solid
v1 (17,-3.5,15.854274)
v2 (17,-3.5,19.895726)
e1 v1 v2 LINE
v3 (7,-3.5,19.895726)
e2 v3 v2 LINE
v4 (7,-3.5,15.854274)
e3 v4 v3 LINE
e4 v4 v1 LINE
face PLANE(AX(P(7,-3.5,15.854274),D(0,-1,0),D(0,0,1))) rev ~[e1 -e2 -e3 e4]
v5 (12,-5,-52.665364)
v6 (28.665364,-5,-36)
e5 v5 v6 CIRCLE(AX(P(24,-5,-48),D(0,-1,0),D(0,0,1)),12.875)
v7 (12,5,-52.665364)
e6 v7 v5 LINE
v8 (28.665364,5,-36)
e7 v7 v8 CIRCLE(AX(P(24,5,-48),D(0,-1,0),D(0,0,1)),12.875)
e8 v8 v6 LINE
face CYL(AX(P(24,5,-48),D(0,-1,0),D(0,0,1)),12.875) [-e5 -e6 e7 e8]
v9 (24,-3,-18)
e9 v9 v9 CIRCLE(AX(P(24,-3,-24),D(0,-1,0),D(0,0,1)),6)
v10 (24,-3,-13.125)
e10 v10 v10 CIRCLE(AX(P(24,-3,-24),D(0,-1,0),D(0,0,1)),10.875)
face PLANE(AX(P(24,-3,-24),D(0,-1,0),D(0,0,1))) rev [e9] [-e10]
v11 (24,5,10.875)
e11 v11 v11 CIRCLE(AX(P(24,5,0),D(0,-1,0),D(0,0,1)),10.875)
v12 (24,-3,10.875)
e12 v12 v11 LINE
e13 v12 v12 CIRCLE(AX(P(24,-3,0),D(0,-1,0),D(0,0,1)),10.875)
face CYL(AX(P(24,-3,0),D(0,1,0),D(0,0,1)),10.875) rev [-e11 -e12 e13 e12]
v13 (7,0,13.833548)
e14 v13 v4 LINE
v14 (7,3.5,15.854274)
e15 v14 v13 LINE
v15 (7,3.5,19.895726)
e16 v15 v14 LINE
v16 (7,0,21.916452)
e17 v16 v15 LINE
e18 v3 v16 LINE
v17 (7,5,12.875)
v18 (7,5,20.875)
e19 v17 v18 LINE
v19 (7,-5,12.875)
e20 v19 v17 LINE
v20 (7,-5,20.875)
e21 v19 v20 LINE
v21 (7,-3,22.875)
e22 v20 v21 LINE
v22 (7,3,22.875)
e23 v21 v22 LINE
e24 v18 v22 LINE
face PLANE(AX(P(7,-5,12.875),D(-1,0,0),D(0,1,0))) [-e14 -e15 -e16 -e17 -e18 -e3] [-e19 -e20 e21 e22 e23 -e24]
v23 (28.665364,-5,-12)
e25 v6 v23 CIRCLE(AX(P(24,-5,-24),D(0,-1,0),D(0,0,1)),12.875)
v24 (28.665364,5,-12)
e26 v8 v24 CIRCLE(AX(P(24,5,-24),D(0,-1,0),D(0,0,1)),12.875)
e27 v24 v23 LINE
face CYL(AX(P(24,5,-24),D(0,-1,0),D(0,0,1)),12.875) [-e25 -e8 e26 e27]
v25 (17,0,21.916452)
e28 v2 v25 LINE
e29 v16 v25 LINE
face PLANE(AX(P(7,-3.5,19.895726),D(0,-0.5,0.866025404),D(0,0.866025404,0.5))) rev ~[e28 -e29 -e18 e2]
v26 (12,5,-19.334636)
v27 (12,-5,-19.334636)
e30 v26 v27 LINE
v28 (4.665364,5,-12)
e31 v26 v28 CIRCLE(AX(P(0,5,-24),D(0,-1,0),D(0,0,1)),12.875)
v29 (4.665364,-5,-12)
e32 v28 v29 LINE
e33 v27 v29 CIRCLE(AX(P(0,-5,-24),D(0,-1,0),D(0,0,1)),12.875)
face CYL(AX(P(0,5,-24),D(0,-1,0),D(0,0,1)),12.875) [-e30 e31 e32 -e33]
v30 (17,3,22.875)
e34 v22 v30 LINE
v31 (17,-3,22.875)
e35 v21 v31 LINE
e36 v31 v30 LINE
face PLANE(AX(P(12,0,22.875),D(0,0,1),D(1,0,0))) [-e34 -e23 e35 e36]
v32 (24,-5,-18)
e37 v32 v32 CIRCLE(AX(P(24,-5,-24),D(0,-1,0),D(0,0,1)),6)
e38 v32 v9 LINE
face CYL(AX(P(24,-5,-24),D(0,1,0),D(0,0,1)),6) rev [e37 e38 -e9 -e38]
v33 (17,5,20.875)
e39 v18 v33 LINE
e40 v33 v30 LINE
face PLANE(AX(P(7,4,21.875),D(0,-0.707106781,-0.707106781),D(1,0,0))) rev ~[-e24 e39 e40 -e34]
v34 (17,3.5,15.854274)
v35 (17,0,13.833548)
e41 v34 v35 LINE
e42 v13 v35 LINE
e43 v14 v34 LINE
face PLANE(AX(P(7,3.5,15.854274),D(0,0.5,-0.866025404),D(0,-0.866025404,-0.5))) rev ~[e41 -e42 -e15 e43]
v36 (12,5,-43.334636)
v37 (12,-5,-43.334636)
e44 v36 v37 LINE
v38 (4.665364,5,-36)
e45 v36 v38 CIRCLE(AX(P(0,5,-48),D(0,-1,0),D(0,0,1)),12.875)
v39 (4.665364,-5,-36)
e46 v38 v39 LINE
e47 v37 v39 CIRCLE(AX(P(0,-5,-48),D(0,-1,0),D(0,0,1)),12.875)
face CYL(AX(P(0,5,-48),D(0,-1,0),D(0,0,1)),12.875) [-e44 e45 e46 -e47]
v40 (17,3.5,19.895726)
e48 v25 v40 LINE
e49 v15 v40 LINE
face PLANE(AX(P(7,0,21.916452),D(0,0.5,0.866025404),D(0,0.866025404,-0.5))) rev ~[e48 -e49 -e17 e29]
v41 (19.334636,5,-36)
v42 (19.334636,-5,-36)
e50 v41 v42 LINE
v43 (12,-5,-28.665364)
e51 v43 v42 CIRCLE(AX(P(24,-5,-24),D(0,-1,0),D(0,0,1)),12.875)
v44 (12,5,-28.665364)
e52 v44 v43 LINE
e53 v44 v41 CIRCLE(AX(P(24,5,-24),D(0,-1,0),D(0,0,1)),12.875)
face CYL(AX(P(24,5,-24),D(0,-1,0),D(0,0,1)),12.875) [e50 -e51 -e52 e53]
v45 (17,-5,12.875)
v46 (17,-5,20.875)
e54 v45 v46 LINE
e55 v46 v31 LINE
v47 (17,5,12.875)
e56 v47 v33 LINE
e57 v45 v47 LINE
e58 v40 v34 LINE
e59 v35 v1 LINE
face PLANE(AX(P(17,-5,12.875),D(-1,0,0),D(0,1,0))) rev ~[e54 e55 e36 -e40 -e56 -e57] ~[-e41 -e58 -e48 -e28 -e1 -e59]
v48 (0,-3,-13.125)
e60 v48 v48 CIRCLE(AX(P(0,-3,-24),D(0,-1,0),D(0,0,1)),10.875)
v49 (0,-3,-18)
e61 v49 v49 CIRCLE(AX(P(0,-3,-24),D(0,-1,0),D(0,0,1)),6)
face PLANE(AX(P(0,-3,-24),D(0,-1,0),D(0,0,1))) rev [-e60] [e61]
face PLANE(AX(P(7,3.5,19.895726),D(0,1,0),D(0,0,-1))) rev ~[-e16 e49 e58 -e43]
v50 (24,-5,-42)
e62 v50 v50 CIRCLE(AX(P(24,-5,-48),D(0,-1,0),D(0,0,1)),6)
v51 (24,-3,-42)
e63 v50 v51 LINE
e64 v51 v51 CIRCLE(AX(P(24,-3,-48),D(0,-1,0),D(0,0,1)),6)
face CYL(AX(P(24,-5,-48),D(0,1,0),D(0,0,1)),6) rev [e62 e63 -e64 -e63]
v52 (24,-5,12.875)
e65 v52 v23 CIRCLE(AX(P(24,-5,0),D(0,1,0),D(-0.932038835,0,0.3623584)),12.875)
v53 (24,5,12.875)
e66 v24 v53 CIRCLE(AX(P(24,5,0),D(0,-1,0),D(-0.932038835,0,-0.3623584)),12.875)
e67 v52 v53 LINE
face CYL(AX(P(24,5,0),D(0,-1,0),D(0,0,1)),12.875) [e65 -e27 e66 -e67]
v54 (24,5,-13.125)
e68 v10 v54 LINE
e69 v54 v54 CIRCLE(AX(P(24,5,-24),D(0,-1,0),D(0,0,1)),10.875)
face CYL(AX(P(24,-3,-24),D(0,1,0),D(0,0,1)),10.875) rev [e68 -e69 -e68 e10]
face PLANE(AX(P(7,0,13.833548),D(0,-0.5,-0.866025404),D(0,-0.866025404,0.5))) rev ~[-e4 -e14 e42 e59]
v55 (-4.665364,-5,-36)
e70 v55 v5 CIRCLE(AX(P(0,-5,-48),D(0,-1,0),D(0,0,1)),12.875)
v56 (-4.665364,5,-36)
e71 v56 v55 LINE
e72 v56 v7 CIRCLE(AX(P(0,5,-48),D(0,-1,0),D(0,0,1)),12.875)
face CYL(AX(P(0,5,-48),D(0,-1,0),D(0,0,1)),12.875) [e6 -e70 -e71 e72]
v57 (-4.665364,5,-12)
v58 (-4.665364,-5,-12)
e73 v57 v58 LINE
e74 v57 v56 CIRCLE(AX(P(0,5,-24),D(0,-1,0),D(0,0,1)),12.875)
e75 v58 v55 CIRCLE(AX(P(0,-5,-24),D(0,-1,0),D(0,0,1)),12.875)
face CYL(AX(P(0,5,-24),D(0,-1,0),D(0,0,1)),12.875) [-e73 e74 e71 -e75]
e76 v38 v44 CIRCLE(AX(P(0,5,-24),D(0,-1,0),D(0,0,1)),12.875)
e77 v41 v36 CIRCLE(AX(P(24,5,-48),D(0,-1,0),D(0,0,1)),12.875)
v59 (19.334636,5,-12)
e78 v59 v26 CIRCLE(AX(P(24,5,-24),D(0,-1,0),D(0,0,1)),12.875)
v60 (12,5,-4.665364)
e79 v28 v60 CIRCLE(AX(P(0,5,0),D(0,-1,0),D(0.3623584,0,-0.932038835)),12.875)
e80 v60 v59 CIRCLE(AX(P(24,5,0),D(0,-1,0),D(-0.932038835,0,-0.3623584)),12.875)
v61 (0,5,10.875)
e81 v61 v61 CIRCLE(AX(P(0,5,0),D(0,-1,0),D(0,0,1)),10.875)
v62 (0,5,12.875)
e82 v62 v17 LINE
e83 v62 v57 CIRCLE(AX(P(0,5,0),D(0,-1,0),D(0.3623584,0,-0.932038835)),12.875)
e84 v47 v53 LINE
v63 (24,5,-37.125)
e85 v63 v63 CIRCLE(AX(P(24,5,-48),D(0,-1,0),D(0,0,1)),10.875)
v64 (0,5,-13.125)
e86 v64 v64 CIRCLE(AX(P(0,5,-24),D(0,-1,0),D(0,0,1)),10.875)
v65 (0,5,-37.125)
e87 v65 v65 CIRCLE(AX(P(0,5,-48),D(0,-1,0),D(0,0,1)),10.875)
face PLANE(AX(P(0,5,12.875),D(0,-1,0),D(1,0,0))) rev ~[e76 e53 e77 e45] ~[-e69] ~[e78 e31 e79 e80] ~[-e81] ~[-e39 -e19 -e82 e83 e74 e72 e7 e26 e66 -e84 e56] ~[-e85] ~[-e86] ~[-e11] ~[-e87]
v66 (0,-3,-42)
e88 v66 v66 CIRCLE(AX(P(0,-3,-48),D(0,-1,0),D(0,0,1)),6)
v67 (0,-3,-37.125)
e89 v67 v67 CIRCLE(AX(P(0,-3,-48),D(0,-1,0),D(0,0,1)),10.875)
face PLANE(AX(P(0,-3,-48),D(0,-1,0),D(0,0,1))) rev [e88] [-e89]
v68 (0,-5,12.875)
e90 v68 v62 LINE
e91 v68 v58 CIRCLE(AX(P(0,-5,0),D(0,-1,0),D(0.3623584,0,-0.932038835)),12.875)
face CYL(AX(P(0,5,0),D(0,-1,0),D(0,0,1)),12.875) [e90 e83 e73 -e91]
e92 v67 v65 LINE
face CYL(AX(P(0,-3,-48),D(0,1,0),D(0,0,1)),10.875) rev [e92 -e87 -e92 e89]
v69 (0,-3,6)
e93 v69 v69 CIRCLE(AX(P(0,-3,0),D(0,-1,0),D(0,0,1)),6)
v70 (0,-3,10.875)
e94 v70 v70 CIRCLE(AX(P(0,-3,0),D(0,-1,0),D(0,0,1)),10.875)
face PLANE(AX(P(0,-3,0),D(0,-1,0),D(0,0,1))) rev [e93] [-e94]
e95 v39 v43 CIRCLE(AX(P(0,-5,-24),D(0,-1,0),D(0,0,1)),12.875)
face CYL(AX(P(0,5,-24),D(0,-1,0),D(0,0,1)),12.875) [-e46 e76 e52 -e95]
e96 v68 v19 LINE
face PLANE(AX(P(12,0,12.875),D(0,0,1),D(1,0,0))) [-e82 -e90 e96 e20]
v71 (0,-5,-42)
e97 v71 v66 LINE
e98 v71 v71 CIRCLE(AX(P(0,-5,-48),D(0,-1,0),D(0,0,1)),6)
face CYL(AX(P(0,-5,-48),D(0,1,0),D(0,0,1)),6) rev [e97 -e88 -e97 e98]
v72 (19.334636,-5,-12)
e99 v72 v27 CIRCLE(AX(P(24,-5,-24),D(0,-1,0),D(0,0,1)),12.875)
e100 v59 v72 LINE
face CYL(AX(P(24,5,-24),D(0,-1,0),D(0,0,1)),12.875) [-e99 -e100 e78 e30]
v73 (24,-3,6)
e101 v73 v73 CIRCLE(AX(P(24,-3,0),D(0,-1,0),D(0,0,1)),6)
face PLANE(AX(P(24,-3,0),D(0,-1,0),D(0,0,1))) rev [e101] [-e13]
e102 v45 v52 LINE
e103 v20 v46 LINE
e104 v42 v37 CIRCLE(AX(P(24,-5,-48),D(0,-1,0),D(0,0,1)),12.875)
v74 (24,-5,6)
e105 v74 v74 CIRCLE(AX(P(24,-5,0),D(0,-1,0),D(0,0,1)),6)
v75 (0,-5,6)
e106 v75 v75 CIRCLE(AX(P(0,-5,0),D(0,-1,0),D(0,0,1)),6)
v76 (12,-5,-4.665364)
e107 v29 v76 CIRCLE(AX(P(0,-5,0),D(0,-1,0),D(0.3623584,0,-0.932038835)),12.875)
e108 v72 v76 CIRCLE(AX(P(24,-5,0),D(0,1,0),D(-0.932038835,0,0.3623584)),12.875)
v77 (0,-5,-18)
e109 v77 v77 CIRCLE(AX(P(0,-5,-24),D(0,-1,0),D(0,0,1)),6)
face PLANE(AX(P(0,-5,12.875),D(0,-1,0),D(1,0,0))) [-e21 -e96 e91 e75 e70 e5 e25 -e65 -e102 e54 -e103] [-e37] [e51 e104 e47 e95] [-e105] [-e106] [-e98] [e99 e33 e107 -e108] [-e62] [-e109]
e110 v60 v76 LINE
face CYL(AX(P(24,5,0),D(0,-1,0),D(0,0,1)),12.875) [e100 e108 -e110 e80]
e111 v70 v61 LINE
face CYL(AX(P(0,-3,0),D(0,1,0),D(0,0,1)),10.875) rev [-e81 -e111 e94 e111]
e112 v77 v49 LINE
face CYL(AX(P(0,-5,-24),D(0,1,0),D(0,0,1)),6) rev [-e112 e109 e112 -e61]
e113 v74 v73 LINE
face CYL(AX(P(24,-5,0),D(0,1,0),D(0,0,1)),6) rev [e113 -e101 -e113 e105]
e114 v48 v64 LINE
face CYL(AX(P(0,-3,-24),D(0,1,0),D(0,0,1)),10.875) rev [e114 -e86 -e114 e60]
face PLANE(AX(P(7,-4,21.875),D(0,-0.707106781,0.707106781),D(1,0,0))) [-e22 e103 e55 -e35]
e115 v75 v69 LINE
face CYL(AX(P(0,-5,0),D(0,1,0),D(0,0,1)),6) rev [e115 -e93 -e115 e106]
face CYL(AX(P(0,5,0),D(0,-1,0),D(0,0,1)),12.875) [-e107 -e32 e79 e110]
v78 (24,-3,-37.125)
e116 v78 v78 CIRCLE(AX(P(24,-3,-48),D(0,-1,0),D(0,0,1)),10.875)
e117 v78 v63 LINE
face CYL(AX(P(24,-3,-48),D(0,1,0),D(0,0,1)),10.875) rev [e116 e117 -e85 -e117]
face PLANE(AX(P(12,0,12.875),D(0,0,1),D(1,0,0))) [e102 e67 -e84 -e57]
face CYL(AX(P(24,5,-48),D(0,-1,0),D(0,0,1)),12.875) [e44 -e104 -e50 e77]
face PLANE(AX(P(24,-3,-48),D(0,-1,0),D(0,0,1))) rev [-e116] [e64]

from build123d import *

# Parameters (mm, degrees)
LPATTERN1_COUNT     = 3
LPATTERN1_PITCH     = 24
LPATTERN2_COUNT     = 2
LPATTERN2_PITCH     = 24
BOSS_EXTRUDE1_REACH = 84.606
SKETCH4_W           = 24
SKETCH4_H           = 10
SKETCH5_W           = 10
SKETCH5_H           = 10
BOSS_EXTRUDE2_DEPTH = 10
CUT_EXTRUDE1_DEPTH  = 10
CHAMFER3_SIZE       = 2


with BuildPart() as part:
    # Sketch1 → Revolve1 (revolve)
    with BuildSketch(Plane(origin=(0, 0, 0), x_dir=(0, 0, -1), z_dir=(1, 0, 0))):
        Polygon((-12.875, 5), (-12.875, -5), (-6, -5), (-6, -3), (-10.875, -3), (-10.875, 5), align=None)
    revolve1 = revolve(axis=Axis((0, 27.077205882, 0), (0, -1, 0)))

    # LPattern1: Revolve1 ×3
    with Locations(*[(0, 0, -i * LPATTERN1_PITCH) for i in range(1, LPATTERN1_COUNT)]):
        add(revolve1)

    # LPattern2: Revolve1 ×2
    with Locations(*[(i * LPATTERN2_PITCH, 0, 0) for i in range(1, LPATTERN2_COUNT)]):
        add(revolve1)

    # LPattern2 copy 1 sketch → LPattern2 copy 1 (revolve)
    with BuildSketch(Plane(origin=(24, 0, -24), x_dir=(0, 0, -1), z_dir=(1, 0, 0))):
        Polygon((-12.875, 5), (-12.875, -5), (-6, -5), (-6, -3), (-10.875, -3), (-10.875, 5), align=None)
    revolve(axis=Axis((24, 27.077205882, -24), (0, -1, 0)))

    # LPattern2 copy 2 sketch → LPattern2 copy 2 (revolve)
    with BuildSketch(Plane(origin=(24, 0, -48), x_dir=(0, 0, -1), z_dir=(1, 0, 0))):
        Polygon((-12.875, 5), (-12.875, -5), (-6, -5), (-6, -3), (-10.875, -3), (-10.875, 5), align=None)
    revolve(axis=Axis((24, 27.077205882, -48), (0, -1, 0)))

    # Sketch4 → Boss-Extrude1 (add, up to next)
    with BuildSketch(Plane.XY.offset(12.875), mode=Mode.PRIVATE) as boss_extrude1_sk1:
        with Locations((12, 0)):
            Rectangle(SKETCH4_W, SKETCH4_H)
    boss_extrude1_tool1 = extrude(boss_extrude1_sk1.sketch, amount=-BOSS_EXTRUDE1_REACH, mode=Mode.PRIVATE) - part.part
    add(boss_extrude1_tool1.solids().sort_by_distance((12, 0, 12.875))[0])

    # Sketch5 → Boss-Extrude2 (add)
    with BuildSketch(Plane.XY.offset(12.875)):
        with Locations((12, 0)):
            Rectangle(SKETCH5_W, SKETCH5_H)
    extrude(amount=BOSS_EXTRUDE2_DEPTH)

    # Sketch8 → Cut-Extrude1 (cut)
    with BuildSketch(Plane.ZY.offset(-7)):
        Polygon((19.895725942, -3.5), (21.916451884, 0), (19.895725942, 3.5), (15.854274058, 3.5), (13.833548116, 0), (15.854274058, -3.5), align=None)
    extrude(amount=-CUT_EXTRUDE1_DEPTH, mode=Mode.SUBTRACT)

    # Chamfer3
    chamfer3_edges = [part.edges().sort_by_distance(p)[0] for p in [
        (12, -5, 22.875),
        (12, 5, 22.875),
    ]]
    chamfer(chamfer3_edges, length=CHAMFER3_SIZE)


solid = part.part
